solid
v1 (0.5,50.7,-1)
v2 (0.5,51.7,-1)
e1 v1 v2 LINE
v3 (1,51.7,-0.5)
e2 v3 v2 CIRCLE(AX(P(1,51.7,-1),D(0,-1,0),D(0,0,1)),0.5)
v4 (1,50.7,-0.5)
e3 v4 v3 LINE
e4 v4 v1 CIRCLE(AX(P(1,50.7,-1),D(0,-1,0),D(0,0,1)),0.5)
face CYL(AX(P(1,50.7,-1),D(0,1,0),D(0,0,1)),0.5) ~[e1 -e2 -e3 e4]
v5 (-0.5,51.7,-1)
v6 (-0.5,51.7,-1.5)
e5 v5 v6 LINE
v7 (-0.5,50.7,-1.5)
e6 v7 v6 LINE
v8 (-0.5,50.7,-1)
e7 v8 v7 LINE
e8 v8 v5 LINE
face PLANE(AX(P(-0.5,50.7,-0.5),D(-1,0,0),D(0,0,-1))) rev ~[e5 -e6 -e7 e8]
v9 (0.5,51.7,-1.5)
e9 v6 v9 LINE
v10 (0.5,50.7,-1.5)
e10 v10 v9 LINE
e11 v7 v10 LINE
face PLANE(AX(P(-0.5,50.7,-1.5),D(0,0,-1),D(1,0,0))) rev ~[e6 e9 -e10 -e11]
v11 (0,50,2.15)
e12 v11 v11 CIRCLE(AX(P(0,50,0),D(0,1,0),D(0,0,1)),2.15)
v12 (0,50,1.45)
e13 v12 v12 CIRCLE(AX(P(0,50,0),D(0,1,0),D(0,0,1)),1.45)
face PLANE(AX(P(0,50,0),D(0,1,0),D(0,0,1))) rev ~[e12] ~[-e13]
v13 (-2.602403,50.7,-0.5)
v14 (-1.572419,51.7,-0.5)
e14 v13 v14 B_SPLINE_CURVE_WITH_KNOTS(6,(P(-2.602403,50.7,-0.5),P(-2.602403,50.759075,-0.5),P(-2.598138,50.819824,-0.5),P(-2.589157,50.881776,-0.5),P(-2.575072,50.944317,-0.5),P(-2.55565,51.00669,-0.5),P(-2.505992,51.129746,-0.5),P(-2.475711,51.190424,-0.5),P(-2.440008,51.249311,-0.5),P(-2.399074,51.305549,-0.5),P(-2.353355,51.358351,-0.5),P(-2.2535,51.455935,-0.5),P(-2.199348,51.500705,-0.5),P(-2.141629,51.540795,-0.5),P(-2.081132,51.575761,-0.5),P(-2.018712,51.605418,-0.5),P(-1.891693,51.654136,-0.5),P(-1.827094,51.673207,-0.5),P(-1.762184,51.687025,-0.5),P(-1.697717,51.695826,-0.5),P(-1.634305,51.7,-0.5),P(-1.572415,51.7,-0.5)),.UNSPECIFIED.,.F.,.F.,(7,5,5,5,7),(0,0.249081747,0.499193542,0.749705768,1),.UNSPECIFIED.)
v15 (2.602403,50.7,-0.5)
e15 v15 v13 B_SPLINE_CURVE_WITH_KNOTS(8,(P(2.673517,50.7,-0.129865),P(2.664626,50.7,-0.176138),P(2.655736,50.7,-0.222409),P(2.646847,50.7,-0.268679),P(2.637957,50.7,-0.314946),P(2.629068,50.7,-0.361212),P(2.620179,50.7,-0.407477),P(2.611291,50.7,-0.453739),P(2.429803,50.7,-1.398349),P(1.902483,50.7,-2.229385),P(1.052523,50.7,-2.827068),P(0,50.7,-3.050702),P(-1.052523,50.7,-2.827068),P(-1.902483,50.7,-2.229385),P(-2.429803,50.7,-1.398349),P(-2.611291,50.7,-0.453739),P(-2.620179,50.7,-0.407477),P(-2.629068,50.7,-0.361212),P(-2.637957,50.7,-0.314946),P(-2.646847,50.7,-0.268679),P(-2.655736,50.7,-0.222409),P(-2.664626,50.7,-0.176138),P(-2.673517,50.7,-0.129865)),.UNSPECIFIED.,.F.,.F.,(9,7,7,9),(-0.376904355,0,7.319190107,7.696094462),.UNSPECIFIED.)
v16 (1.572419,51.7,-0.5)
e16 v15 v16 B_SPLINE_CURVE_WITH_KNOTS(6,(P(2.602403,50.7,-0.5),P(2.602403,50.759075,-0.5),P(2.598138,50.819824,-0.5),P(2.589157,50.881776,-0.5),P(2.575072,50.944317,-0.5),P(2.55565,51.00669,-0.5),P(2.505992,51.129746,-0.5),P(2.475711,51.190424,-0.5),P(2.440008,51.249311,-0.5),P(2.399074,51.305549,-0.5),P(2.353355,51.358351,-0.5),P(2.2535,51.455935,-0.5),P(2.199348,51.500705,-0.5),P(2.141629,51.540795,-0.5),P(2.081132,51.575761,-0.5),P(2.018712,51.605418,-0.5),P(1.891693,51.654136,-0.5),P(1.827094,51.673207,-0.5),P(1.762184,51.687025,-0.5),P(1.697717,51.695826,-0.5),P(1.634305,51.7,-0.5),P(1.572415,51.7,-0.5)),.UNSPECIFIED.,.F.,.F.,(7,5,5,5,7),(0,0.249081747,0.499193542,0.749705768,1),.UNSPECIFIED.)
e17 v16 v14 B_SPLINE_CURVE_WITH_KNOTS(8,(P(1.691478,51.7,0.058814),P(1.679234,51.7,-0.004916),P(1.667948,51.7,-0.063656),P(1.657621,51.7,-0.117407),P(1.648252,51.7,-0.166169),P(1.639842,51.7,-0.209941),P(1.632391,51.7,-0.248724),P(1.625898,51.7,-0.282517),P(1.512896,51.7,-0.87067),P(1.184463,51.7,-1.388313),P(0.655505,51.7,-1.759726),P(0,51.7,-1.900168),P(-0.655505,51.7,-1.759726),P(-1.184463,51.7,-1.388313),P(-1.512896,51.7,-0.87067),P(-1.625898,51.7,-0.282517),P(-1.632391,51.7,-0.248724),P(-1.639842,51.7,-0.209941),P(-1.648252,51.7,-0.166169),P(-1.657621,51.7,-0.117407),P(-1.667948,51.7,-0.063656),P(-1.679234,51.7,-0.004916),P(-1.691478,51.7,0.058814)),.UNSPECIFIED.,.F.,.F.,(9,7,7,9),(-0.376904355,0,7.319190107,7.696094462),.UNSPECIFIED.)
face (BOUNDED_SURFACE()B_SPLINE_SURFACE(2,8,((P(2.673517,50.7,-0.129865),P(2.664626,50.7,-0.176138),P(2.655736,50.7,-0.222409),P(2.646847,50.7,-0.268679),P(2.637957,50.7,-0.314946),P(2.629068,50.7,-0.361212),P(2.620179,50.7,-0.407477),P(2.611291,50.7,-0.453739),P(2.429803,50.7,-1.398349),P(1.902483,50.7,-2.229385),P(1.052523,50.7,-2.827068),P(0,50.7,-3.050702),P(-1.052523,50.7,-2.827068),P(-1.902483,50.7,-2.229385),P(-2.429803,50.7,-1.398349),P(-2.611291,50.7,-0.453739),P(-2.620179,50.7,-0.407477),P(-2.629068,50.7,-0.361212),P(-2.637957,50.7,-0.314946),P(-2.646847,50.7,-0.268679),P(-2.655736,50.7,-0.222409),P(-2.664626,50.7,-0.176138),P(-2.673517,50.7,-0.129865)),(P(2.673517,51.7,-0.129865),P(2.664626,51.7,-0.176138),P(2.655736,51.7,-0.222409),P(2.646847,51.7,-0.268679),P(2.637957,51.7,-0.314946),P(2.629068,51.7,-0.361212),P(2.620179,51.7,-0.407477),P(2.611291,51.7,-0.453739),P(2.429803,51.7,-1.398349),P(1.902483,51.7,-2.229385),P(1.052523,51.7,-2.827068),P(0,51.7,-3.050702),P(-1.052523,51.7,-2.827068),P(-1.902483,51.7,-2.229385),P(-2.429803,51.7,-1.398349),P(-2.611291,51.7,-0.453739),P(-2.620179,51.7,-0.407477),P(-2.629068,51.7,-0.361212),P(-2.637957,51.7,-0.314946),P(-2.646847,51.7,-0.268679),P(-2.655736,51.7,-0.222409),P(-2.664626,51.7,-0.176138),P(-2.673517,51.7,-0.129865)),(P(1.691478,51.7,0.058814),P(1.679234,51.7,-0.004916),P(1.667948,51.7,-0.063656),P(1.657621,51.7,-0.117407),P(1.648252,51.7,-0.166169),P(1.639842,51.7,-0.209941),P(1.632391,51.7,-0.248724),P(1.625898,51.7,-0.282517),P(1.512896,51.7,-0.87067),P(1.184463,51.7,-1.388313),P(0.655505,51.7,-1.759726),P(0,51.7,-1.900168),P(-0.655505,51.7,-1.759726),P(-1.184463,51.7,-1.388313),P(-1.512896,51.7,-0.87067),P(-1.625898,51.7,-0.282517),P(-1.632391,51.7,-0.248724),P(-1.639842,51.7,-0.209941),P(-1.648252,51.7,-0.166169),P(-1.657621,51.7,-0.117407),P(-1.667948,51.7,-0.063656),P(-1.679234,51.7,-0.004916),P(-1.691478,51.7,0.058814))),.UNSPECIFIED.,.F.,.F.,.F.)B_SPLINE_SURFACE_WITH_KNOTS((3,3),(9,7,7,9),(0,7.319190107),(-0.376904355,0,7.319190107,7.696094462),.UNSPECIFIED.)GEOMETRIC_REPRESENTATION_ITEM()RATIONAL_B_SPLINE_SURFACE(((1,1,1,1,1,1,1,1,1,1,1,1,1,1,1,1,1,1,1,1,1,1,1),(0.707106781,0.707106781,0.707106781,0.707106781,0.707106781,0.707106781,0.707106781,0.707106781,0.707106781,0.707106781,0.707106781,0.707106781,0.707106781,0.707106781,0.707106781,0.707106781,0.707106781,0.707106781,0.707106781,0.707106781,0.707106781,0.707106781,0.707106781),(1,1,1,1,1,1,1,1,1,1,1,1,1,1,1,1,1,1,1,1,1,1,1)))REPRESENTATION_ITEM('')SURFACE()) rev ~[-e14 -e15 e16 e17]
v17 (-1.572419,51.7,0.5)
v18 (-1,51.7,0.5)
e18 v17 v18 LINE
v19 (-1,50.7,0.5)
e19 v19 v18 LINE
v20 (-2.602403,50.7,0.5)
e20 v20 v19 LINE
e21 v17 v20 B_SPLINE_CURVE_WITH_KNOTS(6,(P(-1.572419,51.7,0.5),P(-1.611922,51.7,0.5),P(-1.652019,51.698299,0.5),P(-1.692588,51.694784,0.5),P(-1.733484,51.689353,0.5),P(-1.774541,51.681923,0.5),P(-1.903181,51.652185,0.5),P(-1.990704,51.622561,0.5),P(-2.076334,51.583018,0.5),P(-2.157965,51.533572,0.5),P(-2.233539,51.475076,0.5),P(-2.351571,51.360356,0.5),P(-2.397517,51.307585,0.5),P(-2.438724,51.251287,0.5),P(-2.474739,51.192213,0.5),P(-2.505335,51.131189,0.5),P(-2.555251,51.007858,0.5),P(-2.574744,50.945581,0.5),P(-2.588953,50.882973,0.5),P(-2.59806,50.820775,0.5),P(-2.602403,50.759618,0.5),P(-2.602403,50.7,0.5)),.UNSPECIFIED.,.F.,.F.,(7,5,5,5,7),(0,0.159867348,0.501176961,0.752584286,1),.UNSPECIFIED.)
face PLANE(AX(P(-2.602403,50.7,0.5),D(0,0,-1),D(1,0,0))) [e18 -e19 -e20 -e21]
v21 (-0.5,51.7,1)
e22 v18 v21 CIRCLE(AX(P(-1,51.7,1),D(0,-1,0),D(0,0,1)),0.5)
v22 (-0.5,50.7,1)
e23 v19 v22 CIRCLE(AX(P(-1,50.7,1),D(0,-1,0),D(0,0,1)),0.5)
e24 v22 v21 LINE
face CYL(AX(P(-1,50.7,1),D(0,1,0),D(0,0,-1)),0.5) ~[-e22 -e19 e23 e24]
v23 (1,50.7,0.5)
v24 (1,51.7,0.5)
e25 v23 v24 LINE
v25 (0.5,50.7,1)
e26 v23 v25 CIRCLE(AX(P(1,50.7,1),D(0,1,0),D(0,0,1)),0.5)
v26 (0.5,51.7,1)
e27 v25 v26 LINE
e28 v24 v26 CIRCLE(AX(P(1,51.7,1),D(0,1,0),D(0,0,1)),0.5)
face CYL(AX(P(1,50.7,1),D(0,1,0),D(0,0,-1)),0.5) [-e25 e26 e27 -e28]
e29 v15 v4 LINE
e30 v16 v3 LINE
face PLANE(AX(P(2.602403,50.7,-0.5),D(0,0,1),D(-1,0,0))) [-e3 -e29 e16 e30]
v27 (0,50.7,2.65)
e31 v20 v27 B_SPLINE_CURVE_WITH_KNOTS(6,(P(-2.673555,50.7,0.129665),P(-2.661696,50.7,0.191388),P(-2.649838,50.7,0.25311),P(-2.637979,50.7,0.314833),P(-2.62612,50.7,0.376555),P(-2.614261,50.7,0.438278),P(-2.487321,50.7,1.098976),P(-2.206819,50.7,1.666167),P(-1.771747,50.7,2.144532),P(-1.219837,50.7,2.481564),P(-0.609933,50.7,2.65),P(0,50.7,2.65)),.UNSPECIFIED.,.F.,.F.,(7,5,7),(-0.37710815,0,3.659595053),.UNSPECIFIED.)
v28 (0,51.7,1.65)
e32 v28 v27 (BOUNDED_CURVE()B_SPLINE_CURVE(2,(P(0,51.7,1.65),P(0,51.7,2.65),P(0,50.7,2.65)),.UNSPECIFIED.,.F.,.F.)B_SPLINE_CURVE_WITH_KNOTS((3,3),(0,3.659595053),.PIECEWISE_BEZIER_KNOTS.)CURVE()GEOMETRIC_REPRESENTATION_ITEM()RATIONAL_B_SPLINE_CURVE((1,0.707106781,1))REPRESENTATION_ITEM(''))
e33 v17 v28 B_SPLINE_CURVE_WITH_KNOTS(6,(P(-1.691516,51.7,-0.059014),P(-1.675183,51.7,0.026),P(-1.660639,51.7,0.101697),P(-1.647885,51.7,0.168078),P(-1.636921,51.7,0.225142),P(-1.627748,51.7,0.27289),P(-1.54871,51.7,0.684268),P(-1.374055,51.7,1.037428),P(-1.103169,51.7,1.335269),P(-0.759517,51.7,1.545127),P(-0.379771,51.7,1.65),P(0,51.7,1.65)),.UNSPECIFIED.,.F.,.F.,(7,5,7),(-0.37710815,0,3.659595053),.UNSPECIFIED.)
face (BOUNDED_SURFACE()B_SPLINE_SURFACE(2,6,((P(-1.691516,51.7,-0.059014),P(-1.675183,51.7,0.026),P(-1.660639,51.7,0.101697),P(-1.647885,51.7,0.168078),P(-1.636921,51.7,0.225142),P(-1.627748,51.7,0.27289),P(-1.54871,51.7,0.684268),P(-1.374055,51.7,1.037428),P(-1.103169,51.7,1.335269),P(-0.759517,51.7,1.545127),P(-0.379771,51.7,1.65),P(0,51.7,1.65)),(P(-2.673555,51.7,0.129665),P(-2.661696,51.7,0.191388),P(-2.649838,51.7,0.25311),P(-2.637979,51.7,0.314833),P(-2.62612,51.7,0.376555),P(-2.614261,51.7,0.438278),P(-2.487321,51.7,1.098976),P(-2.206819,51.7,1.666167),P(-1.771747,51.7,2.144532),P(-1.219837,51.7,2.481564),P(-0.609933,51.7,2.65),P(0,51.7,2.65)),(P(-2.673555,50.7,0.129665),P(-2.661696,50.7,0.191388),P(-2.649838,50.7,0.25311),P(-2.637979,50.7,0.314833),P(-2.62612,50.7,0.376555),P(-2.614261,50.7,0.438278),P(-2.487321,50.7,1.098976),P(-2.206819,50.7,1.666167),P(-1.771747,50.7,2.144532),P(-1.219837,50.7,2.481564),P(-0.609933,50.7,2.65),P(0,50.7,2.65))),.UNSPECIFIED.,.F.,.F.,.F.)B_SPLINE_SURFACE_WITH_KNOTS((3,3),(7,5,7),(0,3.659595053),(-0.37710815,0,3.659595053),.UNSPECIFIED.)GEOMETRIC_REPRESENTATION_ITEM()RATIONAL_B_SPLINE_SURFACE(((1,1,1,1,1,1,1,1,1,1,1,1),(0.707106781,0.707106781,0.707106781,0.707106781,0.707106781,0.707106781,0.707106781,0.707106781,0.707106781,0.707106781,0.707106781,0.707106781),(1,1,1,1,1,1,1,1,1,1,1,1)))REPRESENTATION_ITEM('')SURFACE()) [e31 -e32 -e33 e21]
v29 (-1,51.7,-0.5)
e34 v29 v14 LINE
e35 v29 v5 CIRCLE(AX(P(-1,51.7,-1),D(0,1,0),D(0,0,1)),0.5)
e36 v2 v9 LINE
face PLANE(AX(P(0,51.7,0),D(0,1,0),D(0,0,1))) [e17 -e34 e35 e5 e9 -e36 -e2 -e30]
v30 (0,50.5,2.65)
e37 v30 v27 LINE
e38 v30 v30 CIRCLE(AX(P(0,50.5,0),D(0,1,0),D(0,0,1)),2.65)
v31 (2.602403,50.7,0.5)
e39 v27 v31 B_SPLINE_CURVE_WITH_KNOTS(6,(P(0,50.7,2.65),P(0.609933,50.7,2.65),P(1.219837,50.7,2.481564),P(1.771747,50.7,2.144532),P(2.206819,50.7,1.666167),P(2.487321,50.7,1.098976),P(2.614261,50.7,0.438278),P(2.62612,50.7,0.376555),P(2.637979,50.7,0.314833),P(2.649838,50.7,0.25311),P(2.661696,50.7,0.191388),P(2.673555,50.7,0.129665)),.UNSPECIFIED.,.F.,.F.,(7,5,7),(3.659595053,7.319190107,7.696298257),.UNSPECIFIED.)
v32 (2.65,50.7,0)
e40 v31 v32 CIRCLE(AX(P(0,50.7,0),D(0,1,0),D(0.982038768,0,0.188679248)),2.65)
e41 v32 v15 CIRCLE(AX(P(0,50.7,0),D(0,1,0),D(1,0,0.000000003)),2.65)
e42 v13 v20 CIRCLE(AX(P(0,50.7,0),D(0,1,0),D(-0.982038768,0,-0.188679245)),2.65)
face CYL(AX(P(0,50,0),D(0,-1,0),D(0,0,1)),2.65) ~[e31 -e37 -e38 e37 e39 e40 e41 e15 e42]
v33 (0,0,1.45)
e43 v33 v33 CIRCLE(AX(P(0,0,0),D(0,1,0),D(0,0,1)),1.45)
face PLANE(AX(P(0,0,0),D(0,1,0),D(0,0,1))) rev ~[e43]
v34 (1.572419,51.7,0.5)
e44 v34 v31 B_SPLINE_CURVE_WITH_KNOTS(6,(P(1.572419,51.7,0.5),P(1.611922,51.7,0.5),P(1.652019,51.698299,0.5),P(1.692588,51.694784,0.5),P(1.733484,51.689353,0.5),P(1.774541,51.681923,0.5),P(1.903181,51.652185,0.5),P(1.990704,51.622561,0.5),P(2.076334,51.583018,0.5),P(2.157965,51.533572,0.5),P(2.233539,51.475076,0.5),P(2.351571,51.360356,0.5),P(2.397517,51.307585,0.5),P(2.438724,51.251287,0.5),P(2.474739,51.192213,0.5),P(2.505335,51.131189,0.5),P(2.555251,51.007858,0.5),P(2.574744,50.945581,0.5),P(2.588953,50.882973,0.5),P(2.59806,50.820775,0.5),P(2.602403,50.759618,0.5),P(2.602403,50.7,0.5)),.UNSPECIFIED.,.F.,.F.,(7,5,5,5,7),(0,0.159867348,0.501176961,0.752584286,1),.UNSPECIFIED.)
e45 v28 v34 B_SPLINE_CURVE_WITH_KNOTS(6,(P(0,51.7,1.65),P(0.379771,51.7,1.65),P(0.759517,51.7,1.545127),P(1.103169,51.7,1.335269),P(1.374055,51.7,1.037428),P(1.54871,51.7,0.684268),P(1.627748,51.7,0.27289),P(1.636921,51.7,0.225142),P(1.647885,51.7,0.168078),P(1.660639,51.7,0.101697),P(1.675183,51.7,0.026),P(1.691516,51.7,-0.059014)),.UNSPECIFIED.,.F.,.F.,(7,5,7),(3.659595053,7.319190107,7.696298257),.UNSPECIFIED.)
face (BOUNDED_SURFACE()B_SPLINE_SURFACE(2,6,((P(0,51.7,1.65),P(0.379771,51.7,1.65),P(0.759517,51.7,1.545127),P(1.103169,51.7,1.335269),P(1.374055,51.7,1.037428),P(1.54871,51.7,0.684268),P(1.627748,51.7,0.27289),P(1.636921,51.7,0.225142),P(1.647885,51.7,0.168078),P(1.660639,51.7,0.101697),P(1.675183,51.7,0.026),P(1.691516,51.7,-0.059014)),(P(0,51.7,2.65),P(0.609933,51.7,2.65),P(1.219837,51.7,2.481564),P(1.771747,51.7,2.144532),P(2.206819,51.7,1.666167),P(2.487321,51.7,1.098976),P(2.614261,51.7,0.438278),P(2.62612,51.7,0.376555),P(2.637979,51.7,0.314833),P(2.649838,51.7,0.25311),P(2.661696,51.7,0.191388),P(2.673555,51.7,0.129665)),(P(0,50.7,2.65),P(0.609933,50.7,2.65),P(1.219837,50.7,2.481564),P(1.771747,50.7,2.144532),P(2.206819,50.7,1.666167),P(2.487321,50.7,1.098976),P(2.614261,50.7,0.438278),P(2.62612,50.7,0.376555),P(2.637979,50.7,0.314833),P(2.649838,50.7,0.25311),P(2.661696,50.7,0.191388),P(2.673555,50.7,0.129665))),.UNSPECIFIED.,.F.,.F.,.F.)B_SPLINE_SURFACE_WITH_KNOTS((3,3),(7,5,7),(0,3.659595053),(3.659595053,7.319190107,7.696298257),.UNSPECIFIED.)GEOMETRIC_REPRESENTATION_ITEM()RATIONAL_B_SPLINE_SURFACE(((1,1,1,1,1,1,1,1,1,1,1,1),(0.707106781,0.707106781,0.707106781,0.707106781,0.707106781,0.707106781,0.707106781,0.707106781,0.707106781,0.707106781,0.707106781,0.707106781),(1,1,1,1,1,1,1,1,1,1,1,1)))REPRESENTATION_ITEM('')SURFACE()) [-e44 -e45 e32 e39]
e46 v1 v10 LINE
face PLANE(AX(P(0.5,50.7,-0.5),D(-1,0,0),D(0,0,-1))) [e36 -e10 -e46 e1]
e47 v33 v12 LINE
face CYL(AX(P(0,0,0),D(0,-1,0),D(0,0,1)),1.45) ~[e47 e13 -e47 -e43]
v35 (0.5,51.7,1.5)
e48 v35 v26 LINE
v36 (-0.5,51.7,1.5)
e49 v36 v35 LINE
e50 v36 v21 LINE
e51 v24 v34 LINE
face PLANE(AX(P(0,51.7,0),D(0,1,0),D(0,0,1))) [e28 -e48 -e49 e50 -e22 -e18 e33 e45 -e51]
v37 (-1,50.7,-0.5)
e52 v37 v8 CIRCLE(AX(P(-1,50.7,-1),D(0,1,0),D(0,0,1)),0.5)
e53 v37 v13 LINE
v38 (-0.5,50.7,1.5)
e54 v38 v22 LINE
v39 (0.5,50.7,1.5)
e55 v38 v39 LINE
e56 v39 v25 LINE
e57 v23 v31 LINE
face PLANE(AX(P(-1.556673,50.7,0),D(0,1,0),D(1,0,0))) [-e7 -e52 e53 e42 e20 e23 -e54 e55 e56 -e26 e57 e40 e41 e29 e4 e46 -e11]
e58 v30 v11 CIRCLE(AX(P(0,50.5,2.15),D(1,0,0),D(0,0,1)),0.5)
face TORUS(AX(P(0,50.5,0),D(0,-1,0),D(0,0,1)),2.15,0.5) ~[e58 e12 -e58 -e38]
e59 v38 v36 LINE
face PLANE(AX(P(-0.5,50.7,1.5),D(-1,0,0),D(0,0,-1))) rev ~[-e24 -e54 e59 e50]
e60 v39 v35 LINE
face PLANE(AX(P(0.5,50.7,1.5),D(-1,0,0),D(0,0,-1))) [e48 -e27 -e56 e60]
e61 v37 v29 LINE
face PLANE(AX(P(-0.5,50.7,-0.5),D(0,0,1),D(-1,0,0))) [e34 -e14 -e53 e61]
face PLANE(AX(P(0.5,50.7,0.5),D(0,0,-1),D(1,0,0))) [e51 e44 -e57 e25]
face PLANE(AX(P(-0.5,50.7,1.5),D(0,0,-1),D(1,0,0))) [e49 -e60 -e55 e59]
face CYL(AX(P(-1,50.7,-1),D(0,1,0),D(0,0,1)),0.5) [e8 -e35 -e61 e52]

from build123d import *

# Parameters (mm, degrees)
SKETCH_1_R          = 1.45
EXTRUDE_1_DEPTH     = 50
SKETCH_2_R          = 2.65
EXTRUDE_2_DEPTH     = 1.7
CUT_EXTRUDE_START   = -1
SKETCH_3_W          = 1
SKETCH_3_H          = 1
CUT_EXTRUDE_1_DEPTH = 1
FILLET_1_R          = 0.5
FILLET_2_R          = 1
FILLET_3_R          = 0.5


with BuildPart() as part:
    # 草图1 → 凸台-拉伸1 (new body)
    with BuildSketch(Plane(origin=(0, 0, 0), x_dir=(1, 0, 0), z_dir=(0, 1, 0))):
        with Locations(Location((0, 0, 0), (0, 0, 270))):
            Circle(SKETCH_1_R)
    extrude(amount=EXTRUDE_1_DEPTH)

    # 草图2 → 凸台-拉伸2 (add)
    with BuildSketch(Plane(origin=(0, 50, 0), x_dir=(1, 0, 0), z_dir=(0, 1, 0))):
        with Locations(Location((0, 0, 0), (0, 0, 270))):
            Circle(SKETCH_2_R)
    extrude(amount=EXTRUDE_2_DEPTH)

    # 草图3 → 切除-拉伸1 (cut)
    with BuildSketch(Plane(origin=(0, 51.7, 0), x_dir=(1, 0, 0), z_dir=(0, 1, 0)).offset(CUT_EXTRUDE_START)):
        with BuildLine():
            Line((-0.5, 0.5), (-2.602402736, 0.5))
            ThreePointArc((-2.602402736, 0.5), (-2.65, 0), (-2.602402736, -0.5))
            Line((-2.602402736, -0.5), (-0.5, -0.5))
            Line((-0.5, -0.5), (-0.5, 0.5))
        make_face()
        with Locations((0, 1)):
            Rectangle(SKETCH_3_W, SKETCH_3_H)
        Rectangle(SKETCH_3_W, SKETCH_3_H)
        with Locations((0, -1)):
            Rectangle(SKETCH_3_W, SKETCH_3_H)
        with BuildLine():
            ThreePointArc((2.65, 0), (2.638073848, 0.251130195), (2.602402736, 0.5))
            Line((2.602402736, 0.5), (0.5, 0.5))
            Line((0.5, 0.5), (0.5, -0.5))
            Line((0.5, -0.5), (2.602402736, -0.5))
            ThreePointArc((2.602402736, -0.5), (2.638073848, -0.251130195), (2.65, 0))
        make_face()
    extrude(amount=CUT_EXTRUDE_1_DEPTH, mode=Mode.SUBTRACT)

    # 圆角1
    fillet_1_edges = [part.edges().sort_by_distance(p)[0] for p in [
        (-0.5, 51.2, 0.5),
        (-0.5, 51.2, -0.5),
        (0.5, 51.2, -0.5),
        (0.5, 51.2, 0.5),
    ]]
    fillet(fillet_1_edges, radius=FILLET_1_R)

    # 圆角2
    fillet_2_edges = [part.edges().sort_by_distance(p)[0] for p in [
        (0, 51.7, -2.65),
        (1.687824043, 51.7, 2.042975771),
    ]]
    fillet(fillet_2_edges, radius=FILLET_2_R)

    # 圆角3
    fillet_3_edges = [part.edges().sort_by_distance(p)[0] for p in [
        (0, 50, -2.65),
    ]]
    fillet(fillet_3_edges, radius=FILLET_3_R)


solid = part.part
